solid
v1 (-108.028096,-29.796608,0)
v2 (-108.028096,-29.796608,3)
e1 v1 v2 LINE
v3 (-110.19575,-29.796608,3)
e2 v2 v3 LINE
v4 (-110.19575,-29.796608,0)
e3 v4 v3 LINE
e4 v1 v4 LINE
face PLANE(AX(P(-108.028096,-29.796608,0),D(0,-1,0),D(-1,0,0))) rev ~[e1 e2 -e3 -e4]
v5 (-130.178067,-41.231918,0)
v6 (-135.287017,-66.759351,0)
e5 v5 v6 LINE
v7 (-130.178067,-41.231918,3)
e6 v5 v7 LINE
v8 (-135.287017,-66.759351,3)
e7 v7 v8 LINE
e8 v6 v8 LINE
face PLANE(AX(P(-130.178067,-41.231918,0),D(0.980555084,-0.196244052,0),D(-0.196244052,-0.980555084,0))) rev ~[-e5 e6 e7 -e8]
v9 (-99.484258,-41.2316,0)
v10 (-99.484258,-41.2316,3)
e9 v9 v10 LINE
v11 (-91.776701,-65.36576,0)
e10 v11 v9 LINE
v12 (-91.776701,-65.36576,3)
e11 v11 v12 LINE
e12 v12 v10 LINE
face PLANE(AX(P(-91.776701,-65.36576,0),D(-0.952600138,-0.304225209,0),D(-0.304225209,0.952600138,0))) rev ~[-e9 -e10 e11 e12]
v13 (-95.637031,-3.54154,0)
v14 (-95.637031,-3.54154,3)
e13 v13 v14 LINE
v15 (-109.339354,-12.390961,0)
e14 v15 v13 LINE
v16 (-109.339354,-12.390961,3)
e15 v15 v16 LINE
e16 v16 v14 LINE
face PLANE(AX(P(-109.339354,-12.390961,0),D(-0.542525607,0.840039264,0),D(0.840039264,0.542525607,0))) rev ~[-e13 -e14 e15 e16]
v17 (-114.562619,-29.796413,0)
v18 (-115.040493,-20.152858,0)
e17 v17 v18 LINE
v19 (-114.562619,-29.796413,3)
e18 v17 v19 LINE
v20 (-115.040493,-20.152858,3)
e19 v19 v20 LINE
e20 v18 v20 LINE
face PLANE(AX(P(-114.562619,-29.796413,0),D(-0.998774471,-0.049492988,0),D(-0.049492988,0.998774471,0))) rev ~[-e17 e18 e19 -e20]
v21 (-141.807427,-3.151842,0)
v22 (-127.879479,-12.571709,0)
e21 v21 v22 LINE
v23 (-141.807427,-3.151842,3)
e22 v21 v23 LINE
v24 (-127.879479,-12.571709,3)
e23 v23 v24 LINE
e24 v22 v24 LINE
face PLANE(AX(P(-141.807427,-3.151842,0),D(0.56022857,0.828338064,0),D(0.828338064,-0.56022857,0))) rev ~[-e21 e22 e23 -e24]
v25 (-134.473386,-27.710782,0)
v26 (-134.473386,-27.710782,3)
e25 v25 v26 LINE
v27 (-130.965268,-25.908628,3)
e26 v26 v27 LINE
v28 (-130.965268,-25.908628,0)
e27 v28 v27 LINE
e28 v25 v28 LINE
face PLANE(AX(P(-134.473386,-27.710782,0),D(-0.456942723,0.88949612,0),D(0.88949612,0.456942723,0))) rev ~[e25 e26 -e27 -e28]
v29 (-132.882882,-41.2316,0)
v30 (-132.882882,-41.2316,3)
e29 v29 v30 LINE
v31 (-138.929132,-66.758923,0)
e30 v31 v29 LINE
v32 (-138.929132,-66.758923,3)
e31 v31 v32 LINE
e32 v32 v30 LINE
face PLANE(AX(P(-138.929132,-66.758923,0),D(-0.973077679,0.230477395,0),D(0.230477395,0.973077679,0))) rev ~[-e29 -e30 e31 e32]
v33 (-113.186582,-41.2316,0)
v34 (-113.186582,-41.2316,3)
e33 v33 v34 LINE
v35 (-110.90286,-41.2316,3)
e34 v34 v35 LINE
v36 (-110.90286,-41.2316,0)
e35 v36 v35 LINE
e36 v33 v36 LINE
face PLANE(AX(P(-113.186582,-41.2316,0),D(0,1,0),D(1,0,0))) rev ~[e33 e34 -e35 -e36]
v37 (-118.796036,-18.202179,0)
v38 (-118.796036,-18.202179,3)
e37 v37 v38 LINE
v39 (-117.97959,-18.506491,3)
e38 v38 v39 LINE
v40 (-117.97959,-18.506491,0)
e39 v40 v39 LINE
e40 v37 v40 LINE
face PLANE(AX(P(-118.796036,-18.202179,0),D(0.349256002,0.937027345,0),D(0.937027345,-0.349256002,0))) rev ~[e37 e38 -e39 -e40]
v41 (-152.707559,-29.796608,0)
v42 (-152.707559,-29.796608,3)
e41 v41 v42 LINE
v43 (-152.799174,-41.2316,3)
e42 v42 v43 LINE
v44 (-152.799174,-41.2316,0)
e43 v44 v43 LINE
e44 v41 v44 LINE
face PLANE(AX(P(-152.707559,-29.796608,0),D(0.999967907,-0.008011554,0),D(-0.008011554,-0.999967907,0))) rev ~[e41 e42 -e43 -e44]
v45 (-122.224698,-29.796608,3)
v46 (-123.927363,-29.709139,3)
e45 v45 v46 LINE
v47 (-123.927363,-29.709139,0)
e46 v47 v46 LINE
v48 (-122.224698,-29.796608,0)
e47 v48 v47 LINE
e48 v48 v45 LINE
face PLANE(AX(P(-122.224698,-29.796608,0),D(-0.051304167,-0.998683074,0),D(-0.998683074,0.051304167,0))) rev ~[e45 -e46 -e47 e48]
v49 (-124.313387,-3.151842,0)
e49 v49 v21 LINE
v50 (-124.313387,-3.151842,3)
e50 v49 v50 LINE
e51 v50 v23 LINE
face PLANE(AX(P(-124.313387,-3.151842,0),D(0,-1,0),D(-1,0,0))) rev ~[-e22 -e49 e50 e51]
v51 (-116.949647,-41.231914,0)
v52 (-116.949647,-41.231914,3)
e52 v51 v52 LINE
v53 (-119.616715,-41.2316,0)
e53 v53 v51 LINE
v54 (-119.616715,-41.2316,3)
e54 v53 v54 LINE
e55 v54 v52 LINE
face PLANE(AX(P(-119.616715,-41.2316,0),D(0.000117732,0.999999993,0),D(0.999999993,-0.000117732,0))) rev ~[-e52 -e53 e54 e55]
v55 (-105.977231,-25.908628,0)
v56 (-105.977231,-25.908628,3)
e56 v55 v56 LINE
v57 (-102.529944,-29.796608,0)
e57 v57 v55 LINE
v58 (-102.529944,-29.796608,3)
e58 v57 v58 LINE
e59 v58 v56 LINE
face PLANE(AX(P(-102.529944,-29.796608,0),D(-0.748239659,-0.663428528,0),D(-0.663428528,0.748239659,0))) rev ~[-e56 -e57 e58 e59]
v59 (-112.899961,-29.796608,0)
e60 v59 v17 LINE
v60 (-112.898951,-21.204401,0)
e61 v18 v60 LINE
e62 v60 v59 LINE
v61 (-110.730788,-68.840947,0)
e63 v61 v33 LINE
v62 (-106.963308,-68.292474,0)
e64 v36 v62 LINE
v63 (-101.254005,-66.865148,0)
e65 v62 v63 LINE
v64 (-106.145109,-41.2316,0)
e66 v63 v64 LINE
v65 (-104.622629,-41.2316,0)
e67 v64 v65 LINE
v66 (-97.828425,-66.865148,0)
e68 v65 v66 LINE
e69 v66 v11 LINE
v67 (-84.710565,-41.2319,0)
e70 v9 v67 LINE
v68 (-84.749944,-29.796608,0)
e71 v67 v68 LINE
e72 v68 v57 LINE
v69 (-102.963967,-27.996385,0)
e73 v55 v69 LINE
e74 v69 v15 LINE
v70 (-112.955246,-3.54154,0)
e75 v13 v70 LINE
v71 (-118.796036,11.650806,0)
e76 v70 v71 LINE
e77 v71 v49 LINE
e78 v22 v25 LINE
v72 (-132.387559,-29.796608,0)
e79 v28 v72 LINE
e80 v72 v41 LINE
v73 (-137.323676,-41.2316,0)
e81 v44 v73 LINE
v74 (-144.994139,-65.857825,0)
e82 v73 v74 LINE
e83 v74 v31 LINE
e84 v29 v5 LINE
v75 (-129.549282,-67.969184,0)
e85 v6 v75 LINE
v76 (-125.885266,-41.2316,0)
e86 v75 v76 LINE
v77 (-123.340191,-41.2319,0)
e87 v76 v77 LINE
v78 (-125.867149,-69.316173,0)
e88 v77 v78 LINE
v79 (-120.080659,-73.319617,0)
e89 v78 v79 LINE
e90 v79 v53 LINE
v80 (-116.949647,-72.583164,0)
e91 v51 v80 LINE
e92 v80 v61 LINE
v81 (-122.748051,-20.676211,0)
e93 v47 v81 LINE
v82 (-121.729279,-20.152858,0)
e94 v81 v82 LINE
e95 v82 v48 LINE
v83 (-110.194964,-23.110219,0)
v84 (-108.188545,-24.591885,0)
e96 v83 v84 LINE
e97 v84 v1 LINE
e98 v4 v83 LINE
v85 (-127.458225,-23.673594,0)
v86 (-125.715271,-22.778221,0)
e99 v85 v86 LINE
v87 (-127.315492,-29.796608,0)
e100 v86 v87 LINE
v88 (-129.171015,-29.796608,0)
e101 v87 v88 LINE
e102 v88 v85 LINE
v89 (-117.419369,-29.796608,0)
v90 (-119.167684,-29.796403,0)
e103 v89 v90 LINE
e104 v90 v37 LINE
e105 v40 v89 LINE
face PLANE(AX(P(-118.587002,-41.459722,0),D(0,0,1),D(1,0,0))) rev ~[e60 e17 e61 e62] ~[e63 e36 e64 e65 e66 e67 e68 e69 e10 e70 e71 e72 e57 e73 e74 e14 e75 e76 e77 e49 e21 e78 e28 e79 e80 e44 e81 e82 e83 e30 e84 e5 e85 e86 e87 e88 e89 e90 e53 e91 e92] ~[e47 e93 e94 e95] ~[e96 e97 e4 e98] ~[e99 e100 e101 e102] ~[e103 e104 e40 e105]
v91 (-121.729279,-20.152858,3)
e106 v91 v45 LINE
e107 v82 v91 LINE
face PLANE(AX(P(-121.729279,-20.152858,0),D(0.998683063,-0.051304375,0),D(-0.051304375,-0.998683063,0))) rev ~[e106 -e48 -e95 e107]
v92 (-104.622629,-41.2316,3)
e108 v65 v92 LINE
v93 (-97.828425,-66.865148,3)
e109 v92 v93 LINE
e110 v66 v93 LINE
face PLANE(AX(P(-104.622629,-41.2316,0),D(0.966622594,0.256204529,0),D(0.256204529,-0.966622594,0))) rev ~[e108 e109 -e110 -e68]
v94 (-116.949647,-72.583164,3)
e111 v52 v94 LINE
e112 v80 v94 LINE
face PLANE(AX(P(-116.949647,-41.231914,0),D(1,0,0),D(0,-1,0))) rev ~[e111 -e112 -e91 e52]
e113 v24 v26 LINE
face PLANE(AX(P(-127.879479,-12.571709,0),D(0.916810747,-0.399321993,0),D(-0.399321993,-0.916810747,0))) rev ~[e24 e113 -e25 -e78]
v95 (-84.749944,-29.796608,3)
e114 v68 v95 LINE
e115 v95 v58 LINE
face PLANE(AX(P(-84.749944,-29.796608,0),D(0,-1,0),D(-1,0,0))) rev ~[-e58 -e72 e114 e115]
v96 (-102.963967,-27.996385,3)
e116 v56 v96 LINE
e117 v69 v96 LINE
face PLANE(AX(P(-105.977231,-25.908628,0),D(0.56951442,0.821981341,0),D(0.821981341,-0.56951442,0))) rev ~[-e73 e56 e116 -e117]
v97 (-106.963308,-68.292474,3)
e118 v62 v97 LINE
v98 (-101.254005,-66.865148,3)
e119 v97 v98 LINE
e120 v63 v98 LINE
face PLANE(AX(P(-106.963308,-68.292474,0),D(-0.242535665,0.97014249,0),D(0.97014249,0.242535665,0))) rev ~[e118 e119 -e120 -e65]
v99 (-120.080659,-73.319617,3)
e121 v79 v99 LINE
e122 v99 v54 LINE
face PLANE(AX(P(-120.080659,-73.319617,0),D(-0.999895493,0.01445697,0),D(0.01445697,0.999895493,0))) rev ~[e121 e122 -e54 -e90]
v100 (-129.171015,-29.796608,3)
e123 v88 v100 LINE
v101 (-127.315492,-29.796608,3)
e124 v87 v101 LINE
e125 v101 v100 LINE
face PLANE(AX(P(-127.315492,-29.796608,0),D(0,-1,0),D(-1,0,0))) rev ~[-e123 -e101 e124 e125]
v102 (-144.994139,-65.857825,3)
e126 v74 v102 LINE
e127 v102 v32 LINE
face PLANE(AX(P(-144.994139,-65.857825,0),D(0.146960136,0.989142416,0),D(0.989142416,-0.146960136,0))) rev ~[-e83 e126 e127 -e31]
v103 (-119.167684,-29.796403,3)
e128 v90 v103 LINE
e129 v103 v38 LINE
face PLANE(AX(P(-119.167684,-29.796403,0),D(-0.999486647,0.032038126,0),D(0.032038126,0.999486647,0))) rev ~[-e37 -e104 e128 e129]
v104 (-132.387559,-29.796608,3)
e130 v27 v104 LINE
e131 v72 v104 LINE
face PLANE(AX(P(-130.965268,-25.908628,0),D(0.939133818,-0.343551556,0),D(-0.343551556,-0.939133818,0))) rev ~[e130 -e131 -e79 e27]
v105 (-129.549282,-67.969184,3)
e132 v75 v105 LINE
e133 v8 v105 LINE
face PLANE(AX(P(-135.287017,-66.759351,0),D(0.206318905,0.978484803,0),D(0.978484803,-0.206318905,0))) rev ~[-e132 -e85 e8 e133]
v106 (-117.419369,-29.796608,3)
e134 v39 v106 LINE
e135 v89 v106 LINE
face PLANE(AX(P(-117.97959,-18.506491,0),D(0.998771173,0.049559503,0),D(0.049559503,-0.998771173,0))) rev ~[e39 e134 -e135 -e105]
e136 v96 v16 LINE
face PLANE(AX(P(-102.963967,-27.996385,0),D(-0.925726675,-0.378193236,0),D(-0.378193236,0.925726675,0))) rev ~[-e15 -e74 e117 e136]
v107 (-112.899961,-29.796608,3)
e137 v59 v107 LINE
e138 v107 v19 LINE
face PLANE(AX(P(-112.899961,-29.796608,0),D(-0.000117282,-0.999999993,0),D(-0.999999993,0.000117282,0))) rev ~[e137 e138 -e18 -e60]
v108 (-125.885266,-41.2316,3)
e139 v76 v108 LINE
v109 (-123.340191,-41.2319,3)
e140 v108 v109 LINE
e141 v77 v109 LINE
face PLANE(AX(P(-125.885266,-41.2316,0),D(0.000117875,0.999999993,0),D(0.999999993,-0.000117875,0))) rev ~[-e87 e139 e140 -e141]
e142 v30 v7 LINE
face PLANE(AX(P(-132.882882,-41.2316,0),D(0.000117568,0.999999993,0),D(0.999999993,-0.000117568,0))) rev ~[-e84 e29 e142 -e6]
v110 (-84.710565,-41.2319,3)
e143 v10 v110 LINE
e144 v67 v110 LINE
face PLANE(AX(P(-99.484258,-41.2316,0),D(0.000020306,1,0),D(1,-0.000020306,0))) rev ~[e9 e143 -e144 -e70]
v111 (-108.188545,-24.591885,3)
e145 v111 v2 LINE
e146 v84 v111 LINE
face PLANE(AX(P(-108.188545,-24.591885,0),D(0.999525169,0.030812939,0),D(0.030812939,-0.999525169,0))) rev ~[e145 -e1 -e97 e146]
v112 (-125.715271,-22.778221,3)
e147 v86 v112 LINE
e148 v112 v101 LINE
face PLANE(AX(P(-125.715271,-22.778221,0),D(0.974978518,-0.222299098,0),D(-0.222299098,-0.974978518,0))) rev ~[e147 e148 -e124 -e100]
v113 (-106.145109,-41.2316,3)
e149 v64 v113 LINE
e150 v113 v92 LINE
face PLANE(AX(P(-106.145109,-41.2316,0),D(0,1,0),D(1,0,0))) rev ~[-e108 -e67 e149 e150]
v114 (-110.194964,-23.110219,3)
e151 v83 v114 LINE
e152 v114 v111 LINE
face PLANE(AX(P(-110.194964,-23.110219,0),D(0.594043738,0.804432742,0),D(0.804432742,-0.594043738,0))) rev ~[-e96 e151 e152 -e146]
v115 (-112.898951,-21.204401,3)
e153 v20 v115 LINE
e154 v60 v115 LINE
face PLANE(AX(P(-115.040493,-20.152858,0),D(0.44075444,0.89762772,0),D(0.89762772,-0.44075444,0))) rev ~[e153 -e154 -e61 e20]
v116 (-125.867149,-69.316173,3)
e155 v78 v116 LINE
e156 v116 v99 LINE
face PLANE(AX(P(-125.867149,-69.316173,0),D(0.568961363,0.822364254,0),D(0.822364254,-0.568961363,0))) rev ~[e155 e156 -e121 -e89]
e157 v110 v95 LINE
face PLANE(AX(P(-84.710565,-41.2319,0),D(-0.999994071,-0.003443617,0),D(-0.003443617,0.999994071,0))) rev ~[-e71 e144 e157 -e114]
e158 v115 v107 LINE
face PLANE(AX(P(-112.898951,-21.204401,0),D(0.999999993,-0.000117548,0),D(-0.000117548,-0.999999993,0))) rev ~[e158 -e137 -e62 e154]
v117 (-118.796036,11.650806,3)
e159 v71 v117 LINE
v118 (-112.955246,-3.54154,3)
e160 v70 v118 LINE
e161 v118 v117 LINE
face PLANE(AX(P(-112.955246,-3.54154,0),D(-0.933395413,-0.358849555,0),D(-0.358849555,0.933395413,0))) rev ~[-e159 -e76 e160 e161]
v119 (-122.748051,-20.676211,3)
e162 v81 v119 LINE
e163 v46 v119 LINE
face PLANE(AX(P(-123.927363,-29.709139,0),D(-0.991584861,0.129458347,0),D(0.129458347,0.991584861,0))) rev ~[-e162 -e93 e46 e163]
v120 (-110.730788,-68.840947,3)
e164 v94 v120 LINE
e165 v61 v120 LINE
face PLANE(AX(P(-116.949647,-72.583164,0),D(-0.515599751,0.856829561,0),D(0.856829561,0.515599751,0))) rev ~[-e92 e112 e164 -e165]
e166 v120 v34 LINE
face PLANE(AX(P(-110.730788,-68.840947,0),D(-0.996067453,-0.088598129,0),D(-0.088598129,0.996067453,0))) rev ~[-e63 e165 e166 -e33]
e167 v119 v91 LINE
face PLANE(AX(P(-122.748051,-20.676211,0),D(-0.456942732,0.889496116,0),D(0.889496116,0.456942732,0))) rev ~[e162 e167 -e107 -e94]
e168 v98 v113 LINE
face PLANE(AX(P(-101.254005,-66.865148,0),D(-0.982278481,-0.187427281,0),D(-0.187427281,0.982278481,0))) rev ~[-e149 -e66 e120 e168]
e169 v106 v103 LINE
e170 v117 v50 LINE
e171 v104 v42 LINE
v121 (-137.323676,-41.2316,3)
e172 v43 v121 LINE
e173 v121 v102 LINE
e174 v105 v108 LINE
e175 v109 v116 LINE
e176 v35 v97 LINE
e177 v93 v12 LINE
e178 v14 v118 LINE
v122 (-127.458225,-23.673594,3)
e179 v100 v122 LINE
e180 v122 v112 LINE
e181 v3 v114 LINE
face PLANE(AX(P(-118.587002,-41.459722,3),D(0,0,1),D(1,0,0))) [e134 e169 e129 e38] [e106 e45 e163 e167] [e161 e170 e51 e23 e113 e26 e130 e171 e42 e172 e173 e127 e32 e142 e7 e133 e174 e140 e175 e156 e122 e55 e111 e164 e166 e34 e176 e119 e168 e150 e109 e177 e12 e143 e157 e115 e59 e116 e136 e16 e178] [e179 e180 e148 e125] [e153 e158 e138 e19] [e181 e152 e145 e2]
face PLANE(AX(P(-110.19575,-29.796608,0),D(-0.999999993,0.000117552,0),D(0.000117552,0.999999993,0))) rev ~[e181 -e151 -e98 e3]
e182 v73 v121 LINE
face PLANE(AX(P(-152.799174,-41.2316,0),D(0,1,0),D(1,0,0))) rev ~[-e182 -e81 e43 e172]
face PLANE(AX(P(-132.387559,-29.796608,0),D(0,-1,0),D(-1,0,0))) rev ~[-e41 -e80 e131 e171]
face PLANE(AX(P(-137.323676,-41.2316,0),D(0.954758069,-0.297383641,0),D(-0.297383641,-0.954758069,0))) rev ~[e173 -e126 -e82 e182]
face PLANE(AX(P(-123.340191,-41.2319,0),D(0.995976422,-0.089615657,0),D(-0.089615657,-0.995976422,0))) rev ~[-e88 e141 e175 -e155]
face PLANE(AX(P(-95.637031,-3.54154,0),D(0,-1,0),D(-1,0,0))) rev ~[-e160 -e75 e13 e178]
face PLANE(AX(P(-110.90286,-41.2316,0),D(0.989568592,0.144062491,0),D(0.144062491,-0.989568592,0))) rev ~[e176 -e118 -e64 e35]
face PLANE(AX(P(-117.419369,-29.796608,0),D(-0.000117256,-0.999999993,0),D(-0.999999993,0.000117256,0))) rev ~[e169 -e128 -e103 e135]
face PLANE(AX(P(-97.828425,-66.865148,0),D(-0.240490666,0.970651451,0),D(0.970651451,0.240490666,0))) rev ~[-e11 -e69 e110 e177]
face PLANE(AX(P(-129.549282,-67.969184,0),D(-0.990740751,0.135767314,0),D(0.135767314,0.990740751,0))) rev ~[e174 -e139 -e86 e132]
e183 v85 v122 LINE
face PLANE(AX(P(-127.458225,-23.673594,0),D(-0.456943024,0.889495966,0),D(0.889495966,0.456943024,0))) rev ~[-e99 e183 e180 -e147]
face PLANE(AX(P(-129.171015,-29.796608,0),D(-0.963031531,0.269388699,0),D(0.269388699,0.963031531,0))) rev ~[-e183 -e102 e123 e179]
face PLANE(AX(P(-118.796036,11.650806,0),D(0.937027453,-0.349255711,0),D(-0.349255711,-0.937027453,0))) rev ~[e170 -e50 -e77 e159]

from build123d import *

# Parameters (mm, degrees)
F1_DEPTH = 3


with BuildPart() as f1:
    # F0 (on Top) → F1 (new body)
    with BuildSketch(Plane.XY):
        Polygon((-112.955246, -3.54154), (-118.796036, 11.650806), (-124.313387, -3.151842), (-141.807427, -3.151842), (-127.879479, -12.571709), (-134.473386, -27.710782), (-130.965268, -25.908628), (-132.387559, -29.796608), (-152.707559, -29.796608), (-152.799174, -41.2316), (-137.323676, -41.2316), (-144.994139, -65.857825), (-138.929132, -66.758923), (-132.882882, -41.2316), (-130.178067, -41.231918), (-135.287017, -66.759351), (-129.549282, -67.969184), (-125.885266, -41.2316), (-123.340191, -41.2319), (-125.867149, -69.316173), (-120.080659, -73.319617), (-119.616715, -41.2316), (-116.949647, -41.231914), (-116.949647, -72.583164), (-110.730788, -68.840947), (-113.186582, -41.2316), (-110.90286, -41.2316), (-106.963308, -68.292474), (-101.254005, -66.865148), (-106.145109, -41.2316), (-104.622629, -41.2316), (-97.828425, -66.865148), (-91.776701, -65.36576), (-99.484258, -41.2316), (-84.710565, -41.2319), (-84.749944, -29.796608), (-102.529944, -29.796608), (-105.977231, -25.908628), (-102.963967, -27.996385), (-109.339354, -12.390961), (-95.637031, -3.54154), align=None)
        Polygon((-129.171015, -29.796608), (-127.458225, -23.673594), (-125.715271, -22.778221), (-127.315492, -29.796608), align=None, mode=Mode.SUBTRACT)
        Polygon((-123.927363, -29.709139), (-122.748051, -20.676211), (-121.729279, -20.152858), (-122.224698, -29.796608), align=None, mode=Mode.SUBTRACT)
        Polygon((-119.167684, -29.796403), (-118.796036, -18.202179), (-117.97959, -18.506491), (-117.419369, -29.796608), align=None, mode=Mode.SUBTRACT)
        Polygon((-114.562619, -29.796413), (-115.040493, -20.152858), (-112.898951, -21.204401), (-112.899961, -29.796608), align=None, mode=Mode.SUBTRACT)
        Polygon((-110.19575, -29.796608), (-110.194964, -23.110219), (-108.188545, -24.591885), (-108.028096, -29.796608), align=None, mode=Mode.SUBTRACT)
    extrude(amount=F1_DEPTH)


solid = f1.part
